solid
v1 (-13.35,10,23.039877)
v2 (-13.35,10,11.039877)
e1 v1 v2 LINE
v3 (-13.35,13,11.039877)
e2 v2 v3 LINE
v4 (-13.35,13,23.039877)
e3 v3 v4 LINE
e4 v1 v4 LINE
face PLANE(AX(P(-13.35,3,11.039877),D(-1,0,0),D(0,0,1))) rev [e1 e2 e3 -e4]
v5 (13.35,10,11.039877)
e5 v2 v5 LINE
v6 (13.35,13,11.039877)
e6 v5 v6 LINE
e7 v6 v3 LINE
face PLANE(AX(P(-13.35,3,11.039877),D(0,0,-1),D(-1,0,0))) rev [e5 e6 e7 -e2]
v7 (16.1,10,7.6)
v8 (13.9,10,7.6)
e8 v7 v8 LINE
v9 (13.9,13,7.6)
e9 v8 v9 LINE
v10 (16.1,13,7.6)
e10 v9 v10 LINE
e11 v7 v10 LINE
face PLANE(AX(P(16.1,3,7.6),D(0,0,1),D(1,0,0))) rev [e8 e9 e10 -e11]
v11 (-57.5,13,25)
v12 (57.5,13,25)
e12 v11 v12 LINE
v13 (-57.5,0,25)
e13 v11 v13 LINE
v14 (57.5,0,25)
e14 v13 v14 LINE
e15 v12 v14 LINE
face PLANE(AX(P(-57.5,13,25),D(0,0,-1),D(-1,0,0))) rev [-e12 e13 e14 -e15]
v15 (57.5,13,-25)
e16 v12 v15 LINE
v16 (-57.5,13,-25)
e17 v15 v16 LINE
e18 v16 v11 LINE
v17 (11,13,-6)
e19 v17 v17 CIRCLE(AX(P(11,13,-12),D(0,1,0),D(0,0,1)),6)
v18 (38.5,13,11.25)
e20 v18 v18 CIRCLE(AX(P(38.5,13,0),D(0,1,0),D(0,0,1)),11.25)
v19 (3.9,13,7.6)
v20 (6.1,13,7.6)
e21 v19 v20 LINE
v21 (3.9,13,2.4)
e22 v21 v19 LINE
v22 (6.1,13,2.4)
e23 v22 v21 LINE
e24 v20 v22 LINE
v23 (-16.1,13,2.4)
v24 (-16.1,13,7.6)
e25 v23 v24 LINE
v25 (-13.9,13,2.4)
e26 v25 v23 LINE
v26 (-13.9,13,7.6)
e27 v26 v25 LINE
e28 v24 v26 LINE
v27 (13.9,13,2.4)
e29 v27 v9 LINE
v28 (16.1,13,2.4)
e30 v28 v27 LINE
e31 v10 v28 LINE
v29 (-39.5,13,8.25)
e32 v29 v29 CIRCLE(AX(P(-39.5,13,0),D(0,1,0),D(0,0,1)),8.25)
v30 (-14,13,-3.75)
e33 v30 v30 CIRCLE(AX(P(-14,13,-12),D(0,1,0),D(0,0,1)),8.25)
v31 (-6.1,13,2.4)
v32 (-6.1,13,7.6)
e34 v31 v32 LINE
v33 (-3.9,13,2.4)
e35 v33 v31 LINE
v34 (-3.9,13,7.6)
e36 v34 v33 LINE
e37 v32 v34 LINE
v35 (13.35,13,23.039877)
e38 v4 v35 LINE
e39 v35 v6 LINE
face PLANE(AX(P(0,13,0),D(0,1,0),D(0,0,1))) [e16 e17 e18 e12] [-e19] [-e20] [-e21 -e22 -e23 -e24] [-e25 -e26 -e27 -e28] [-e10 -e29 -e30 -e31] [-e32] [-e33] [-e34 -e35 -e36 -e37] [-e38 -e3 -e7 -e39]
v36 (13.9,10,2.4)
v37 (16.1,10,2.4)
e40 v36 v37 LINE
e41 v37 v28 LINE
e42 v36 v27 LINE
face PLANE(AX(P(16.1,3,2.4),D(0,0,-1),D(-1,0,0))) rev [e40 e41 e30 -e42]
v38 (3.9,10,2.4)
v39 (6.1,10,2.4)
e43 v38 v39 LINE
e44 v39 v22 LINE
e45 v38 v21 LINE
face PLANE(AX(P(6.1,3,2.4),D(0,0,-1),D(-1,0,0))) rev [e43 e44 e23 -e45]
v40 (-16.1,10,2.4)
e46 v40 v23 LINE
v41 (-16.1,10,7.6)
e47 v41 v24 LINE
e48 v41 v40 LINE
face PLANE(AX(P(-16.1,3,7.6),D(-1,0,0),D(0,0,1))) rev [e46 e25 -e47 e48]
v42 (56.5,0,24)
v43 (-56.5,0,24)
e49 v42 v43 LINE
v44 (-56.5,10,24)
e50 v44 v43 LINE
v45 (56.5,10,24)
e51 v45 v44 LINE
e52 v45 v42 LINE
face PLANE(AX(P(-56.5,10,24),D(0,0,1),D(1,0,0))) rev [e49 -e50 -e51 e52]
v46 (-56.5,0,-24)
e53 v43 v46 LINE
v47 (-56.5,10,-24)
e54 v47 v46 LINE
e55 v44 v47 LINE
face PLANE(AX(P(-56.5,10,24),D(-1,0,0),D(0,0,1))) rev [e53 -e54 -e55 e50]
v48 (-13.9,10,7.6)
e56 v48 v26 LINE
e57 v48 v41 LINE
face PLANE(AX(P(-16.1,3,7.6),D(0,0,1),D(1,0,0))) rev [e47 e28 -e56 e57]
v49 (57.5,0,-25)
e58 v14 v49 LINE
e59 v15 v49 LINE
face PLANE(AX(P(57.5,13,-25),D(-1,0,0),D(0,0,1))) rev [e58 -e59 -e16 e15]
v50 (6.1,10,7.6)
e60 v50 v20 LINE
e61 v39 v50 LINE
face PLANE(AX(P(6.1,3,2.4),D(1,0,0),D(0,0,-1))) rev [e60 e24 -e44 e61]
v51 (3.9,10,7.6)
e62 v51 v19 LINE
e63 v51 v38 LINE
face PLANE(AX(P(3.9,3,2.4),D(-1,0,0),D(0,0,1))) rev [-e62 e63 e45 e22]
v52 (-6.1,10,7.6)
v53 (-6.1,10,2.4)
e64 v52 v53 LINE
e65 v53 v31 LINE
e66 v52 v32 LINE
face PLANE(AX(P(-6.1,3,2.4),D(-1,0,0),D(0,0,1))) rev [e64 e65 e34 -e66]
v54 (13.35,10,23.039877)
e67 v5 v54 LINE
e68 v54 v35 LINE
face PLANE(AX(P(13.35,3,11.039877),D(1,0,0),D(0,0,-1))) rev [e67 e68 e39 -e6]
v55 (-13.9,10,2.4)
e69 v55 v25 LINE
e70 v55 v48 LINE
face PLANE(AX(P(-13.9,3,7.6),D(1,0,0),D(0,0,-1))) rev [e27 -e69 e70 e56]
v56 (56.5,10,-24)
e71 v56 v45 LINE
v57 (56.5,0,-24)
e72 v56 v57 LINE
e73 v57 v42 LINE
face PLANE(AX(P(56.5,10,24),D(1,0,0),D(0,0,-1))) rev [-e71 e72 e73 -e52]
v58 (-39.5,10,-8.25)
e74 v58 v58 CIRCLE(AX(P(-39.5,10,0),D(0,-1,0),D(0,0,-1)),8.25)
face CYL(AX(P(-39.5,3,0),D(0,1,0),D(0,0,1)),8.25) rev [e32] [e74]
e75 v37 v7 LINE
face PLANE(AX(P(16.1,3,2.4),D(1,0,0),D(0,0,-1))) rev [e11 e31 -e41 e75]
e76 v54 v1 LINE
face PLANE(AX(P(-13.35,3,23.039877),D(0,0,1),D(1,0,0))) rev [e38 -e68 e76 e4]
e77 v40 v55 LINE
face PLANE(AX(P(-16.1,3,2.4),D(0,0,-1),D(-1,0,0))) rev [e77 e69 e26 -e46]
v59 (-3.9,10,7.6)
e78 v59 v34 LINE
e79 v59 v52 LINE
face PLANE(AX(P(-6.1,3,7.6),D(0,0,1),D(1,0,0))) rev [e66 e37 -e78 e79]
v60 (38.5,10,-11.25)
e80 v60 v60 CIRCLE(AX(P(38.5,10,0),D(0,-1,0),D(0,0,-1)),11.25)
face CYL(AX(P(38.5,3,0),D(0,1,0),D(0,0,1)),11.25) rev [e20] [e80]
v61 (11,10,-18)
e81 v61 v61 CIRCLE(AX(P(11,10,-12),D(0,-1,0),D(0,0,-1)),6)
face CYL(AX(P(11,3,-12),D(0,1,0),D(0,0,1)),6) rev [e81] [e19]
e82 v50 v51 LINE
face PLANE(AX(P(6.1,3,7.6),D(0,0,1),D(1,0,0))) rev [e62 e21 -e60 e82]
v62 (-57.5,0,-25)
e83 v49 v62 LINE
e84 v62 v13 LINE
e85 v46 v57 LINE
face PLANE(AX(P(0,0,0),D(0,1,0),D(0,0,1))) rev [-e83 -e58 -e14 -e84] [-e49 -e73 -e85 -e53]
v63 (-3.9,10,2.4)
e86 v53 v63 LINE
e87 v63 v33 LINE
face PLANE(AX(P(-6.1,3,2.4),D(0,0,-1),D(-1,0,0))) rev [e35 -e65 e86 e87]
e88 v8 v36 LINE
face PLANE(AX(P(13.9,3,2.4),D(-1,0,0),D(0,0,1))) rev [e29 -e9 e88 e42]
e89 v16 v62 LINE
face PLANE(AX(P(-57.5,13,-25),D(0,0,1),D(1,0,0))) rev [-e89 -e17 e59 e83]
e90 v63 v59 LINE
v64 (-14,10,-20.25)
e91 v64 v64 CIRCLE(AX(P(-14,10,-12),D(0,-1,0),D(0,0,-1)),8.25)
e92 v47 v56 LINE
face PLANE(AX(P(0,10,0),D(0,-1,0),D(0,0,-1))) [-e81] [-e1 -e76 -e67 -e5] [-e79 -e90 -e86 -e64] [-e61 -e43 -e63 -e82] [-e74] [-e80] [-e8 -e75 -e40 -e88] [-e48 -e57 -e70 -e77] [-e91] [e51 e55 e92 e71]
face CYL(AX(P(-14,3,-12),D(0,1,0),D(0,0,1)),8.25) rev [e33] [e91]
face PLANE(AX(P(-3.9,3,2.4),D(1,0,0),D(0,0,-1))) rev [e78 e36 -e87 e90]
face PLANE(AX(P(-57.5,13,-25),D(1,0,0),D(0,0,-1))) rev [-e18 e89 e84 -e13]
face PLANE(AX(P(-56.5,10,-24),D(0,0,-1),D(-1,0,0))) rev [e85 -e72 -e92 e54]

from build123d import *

# Parameters (mm, degrees)
SKETCH_1_W          = 115
SKETCH_1_H          = 50
EXTRUDE_1_DEPTH     = 13
SKETCH_2_W          = 113
SKETCH_2_H          = 48
CUT_EXTRUDE_1_DEPTH = 10
SKETCH_3_R          = 8.25
SKETCH_3_R_2        = 11.25
SKETCH_3_R_3        = 6
SKETCH_3_W          = 26.7
SKETCH_3_H          = 12
SKETCH_3_W_2        = 2.2
SKETCH_3_H_2        = 5.2
CUT_EXTRUDE_2_DEPTH = 10


with BuildPart() as part:
    # 草图1 → 凸台-拉伸1 (new body)
    with BuildSketch(Plane(origin=(0, 0, 0), x_dir=(1, 0, 0), z_dir=(0, 1, 0))):
        Rectangle(SKETCH_1_W, SKETCH_1_H)
    extrude(amount=EXTRUDE_1_DEPTH)

    # 草图2 → 切除-拉伸1 (cut)
    with BuildSketch(Plane.XZ):
        Rectangle(SKETCH_2_W, SKETCH_2_H)
    extrude(amount=-CUT_EXTRUDE_1_DEPTH, mode=Mode.SUBTRACT)

    # 草图3 → 切除-拉伸2 (cut)
    with BuildSketch(Plane(origin=(0, 13, 0), x_dir=(1, 0, 0), z_dir=(0, 1, 0))):
        with Locations(Location((-39.5, 0, 0), (0, 0, 270))):
            Circle(SKETCH_3_R)
        with Locations(Location((38.5, 0, 0), (0, 0, 270))):
            Circle(SKETCH_3_R_2)
        with Locations(Location((-14, 12, 0), (0, 0, 270))):
            Circle(SKETCH_3_R)
        with Locations(Location((11, 12, 0), (0, 0, 270))):
            Circle(SKETCH_3_R_3)
        with Locations((0, -17.039877017)):
            Rectangle(SKETCH_3_W, SKETCH_3_H)
        with Locations((-15, -5)):
            Rectangle(SKETCH_3_W_2, SKETCH_3_H_2)
        with Locations((15, -5)):
            Rectangle(SKETCH_3_W_2, SKETCH_3_H_2)
        with Locations((5, -5)):
            Rectangle(SKETCH_3_W_2, SKETCH_3_H_2)
        with Locations((-5, -5)):
            Rectangle(SKETCH_3_W_2, SKETCH_3_H_2)
    extrude(amount=-CUT_EXTRUDE_2_DEPTH, mode=Mode.SUBTRACT)


solid = part.part
